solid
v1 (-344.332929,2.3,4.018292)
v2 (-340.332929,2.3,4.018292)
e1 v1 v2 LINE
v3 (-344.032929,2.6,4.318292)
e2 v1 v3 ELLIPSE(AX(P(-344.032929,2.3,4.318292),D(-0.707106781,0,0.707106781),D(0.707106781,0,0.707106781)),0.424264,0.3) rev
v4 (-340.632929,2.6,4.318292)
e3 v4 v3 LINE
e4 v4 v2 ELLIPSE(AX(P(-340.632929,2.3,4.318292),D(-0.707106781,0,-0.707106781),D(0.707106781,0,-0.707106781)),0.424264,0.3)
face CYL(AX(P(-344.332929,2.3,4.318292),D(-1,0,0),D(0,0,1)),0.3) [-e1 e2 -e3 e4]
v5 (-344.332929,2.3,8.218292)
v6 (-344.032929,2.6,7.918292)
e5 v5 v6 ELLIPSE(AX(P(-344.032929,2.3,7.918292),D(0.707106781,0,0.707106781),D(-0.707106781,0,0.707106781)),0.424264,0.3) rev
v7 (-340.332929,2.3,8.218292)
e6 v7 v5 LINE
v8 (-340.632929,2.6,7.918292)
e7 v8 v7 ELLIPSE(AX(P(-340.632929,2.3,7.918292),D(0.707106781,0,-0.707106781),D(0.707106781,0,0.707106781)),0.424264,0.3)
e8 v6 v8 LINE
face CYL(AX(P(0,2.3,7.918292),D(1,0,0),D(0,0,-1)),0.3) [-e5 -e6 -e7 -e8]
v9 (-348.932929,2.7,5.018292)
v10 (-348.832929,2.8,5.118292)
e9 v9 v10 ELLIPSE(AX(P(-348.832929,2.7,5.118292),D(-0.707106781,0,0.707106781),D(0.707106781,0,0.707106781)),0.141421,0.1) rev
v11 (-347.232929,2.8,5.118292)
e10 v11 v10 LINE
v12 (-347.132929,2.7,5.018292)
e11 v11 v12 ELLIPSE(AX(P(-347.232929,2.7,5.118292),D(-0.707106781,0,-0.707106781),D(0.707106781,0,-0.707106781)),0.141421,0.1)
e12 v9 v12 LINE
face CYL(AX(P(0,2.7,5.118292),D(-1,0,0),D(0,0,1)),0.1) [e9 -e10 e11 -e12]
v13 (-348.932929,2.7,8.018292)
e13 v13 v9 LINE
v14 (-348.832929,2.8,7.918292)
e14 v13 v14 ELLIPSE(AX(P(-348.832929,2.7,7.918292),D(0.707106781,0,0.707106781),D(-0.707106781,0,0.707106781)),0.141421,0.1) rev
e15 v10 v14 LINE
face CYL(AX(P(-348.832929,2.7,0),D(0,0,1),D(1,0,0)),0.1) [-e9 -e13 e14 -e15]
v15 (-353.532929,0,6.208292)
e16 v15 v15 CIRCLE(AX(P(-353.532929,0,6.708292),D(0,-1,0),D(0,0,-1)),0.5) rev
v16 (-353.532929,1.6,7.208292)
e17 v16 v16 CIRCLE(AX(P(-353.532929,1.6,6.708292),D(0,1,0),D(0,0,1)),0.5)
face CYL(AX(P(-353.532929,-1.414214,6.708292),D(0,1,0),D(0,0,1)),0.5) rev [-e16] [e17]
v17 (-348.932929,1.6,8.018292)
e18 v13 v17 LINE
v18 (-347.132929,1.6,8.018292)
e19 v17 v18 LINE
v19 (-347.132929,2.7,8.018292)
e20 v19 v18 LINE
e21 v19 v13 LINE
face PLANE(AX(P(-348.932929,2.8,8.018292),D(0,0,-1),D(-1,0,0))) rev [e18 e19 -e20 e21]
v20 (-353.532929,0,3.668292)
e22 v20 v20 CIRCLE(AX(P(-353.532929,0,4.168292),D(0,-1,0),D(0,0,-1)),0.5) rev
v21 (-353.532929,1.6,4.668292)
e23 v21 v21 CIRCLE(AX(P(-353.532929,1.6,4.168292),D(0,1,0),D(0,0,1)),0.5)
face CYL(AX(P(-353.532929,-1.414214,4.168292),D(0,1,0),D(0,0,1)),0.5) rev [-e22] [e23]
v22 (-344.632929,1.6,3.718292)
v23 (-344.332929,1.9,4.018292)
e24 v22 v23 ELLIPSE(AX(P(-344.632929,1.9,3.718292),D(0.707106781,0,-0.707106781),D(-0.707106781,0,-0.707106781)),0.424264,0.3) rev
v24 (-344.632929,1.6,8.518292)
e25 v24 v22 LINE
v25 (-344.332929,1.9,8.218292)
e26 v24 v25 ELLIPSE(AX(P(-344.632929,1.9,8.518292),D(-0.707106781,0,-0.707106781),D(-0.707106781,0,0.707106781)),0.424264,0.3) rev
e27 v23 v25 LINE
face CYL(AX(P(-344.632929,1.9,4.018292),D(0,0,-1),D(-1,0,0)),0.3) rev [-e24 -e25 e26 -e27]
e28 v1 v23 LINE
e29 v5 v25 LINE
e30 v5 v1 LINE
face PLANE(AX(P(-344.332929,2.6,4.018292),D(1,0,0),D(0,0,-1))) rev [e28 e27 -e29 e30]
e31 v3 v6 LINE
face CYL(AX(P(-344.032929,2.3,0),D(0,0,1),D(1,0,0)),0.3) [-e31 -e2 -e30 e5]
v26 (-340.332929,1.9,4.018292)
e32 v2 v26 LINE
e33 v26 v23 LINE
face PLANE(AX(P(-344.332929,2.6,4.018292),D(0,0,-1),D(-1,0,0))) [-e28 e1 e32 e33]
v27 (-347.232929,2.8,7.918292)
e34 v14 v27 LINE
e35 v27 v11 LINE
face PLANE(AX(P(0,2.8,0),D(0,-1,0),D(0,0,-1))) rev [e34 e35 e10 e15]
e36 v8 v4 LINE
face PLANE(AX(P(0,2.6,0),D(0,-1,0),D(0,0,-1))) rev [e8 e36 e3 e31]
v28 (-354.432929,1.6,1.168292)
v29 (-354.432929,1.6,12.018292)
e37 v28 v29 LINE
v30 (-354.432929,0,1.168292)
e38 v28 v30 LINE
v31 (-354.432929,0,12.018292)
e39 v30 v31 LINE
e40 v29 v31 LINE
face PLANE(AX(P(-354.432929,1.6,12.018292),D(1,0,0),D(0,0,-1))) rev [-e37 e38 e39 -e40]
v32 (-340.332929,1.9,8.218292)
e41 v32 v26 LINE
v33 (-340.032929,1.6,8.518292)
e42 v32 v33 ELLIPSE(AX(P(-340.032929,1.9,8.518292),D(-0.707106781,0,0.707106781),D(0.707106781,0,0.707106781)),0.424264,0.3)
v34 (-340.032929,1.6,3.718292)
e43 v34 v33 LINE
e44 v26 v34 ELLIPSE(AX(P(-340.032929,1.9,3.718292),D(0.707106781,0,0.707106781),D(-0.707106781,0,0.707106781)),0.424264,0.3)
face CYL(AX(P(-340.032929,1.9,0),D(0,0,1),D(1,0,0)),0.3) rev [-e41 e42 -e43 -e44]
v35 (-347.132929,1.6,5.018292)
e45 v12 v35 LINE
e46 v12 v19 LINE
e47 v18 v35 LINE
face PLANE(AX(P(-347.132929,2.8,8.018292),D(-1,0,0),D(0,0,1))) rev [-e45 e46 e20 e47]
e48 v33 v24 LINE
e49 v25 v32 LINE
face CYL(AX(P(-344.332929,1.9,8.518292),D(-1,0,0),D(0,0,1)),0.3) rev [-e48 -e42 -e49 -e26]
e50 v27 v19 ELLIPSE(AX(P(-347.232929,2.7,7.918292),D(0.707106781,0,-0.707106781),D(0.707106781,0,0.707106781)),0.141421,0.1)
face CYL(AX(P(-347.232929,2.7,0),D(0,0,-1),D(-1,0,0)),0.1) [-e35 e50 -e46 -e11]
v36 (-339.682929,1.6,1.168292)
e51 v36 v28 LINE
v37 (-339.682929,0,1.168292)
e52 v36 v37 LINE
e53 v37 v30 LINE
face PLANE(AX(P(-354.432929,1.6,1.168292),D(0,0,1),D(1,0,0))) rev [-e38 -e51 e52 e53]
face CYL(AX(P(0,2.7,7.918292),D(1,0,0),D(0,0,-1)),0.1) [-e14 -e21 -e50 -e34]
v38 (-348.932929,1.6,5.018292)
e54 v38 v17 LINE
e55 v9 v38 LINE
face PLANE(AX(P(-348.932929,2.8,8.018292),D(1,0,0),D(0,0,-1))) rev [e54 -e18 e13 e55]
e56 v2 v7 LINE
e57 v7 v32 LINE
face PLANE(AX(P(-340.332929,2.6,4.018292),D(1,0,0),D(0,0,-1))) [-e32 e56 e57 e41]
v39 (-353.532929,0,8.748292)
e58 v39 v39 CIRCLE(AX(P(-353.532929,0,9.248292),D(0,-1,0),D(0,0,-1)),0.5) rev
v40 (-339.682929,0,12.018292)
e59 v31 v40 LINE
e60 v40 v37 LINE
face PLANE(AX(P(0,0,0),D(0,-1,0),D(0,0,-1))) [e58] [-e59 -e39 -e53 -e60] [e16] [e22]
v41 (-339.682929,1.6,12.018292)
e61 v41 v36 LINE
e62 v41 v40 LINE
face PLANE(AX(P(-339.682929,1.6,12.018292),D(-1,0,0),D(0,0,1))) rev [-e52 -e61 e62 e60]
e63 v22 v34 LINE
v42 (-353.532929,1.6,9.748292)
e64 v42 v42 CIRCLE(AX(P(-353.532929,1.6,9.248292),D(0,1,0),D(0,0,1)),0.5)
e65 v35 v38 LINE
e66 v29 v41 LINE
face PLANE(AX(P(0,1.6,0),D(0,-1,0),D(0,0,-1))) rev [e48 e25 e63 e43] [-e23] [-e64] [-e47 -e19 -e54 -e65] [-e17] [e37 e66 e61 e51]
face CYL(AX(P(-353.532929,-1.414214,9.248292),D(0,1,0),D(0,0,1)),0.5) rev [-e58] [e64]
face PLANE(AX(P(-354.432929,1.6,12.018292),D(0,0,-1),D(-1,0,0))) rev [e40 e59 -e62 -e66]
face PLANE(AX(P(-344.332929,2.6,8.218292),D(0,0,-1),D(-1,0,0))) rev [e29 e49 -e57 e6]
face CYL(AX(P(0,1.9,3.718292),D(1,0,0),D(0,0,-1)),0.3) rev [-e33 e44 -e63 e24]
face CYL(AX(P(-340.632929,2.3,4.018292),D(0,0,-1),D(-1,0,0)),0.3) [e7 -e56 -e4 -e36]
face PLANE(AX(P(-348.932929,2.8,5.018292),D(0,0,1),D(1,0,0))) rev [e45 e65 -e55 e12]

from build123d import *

# Parameters (mm, degrees)
SKETCH1_W        = 14.75
SKETCH1_H        = 10.85
MIC_BOARD_DEPTH  = 1.6
SKETCH2_R        = 0.5
PINS_DEPTH       = 1.6
MIC_SKETCH_W     = 4
MIC_SKETCH_H     = 4.2
MICROPHONE_DEPTH = 1
OP_AMP_SKETCH_W  = 1.8
OP_AMP_SKETCH_H  = 3
OP_AMP_DEPTH     = 1.2
MIC_FILLET_R     = 0.3
OP_AMP_FILLET_R  = 0.1


with BuildPart() as part:
    # Sketch1 → Mic Board (new body)
    with BuildSketch(Plane(origin=(0, 0, 0), x_dir=(1, 0, 0), z_dir=(0, 1, 0))):
        with Locations((-347.05792854, -6.593292201)):
            Rectangle(SKETCH1_W, SKETCH1_H)
    extrude(amount=MIC_BOARD_DEPTH)

    # Sketch2 → Pins (cut)
    with BuildSketch(Plane(origin=(0, 1.6, 0), x_dir=(1, 0, 0), z_dir=(0, 1, 0))):
        with Locations((-353.53292854, -4.168292201)):
            Circle(SKETCH2_R)
        with Locations((-353.53292854, -6.708292201)):
            Circle(SKETCH2_R)
        with Locations((-353.53292854, -9.248292201)):
            Circle(SKETCH2_R)
    extrude(amount=-PINS_DEPTH, mode=Mode.SUBTRACT)

    # mic Sketch → Microphone (add)
    with BuildSketch(Plane(origin=(0, 1.6, 0), x_dir=(1, 0, 0), z_dir=(0, 1, 0))):
        with Locations((-342.33292854, -6.118292201)):
            Rectangle(MIC_SKETCH_W, MIC_SKETCH_H)
    extrude(amount=MICROPHONE_DEPTH)

    # Op Amp Sketch → Op Amp (add)
    with BuildSketch(Plane(origin=(0, 1.6, 0), x_dir=(1, 0, 0), z_dir=(0, 1, 0))):
        with Locations((-348.03292854, -6.518292201)):
            Rectangle(OP_AMP_SKETCH_W, OP_AMP_SKETCH_H)
    extrude(amount=OP_AMP_DEPTH)

    # Mic Fillet
    mic_fillet_edges = [part.edges().sort_by_distance(p)[0] for p in [
        (-342.33292854, 2.6, 4.018292201),
        (-344.33292854, 1.6, 6.118292201),
        (-342.33292854, 1.6, 8.218292201),
        (-340.33292854, 2.6, 6.118292201),
        (-344.33292854, 2.6, 6.118292201),
        (-342.33292854, 2.6, 8.218292201),
        (-342.33292854, 1.6, 4.018292201),
        (-340.33292854, 1.6, 6.118292201),
    ]]
    fillet(mic_fillet_edges, radius=MIC_FILLET_R)

    # Op Amp Fillet
    op_amp_fillet_edges = [part.edges().sort_by_distance(p)[0] for p in [
        (-348.93292854, 2.8, 6.518292201),
        (-348.03292854, 2.8, 8.018292201),
        (-347.13292854, 2.8, 6.518292201),
        (-348.03292854, 2.8, 5.018292201),
    ]]
    fillet(op_amp_fillet_edges, radius=OP_AMP_FILLET_R)


solid = part.part
